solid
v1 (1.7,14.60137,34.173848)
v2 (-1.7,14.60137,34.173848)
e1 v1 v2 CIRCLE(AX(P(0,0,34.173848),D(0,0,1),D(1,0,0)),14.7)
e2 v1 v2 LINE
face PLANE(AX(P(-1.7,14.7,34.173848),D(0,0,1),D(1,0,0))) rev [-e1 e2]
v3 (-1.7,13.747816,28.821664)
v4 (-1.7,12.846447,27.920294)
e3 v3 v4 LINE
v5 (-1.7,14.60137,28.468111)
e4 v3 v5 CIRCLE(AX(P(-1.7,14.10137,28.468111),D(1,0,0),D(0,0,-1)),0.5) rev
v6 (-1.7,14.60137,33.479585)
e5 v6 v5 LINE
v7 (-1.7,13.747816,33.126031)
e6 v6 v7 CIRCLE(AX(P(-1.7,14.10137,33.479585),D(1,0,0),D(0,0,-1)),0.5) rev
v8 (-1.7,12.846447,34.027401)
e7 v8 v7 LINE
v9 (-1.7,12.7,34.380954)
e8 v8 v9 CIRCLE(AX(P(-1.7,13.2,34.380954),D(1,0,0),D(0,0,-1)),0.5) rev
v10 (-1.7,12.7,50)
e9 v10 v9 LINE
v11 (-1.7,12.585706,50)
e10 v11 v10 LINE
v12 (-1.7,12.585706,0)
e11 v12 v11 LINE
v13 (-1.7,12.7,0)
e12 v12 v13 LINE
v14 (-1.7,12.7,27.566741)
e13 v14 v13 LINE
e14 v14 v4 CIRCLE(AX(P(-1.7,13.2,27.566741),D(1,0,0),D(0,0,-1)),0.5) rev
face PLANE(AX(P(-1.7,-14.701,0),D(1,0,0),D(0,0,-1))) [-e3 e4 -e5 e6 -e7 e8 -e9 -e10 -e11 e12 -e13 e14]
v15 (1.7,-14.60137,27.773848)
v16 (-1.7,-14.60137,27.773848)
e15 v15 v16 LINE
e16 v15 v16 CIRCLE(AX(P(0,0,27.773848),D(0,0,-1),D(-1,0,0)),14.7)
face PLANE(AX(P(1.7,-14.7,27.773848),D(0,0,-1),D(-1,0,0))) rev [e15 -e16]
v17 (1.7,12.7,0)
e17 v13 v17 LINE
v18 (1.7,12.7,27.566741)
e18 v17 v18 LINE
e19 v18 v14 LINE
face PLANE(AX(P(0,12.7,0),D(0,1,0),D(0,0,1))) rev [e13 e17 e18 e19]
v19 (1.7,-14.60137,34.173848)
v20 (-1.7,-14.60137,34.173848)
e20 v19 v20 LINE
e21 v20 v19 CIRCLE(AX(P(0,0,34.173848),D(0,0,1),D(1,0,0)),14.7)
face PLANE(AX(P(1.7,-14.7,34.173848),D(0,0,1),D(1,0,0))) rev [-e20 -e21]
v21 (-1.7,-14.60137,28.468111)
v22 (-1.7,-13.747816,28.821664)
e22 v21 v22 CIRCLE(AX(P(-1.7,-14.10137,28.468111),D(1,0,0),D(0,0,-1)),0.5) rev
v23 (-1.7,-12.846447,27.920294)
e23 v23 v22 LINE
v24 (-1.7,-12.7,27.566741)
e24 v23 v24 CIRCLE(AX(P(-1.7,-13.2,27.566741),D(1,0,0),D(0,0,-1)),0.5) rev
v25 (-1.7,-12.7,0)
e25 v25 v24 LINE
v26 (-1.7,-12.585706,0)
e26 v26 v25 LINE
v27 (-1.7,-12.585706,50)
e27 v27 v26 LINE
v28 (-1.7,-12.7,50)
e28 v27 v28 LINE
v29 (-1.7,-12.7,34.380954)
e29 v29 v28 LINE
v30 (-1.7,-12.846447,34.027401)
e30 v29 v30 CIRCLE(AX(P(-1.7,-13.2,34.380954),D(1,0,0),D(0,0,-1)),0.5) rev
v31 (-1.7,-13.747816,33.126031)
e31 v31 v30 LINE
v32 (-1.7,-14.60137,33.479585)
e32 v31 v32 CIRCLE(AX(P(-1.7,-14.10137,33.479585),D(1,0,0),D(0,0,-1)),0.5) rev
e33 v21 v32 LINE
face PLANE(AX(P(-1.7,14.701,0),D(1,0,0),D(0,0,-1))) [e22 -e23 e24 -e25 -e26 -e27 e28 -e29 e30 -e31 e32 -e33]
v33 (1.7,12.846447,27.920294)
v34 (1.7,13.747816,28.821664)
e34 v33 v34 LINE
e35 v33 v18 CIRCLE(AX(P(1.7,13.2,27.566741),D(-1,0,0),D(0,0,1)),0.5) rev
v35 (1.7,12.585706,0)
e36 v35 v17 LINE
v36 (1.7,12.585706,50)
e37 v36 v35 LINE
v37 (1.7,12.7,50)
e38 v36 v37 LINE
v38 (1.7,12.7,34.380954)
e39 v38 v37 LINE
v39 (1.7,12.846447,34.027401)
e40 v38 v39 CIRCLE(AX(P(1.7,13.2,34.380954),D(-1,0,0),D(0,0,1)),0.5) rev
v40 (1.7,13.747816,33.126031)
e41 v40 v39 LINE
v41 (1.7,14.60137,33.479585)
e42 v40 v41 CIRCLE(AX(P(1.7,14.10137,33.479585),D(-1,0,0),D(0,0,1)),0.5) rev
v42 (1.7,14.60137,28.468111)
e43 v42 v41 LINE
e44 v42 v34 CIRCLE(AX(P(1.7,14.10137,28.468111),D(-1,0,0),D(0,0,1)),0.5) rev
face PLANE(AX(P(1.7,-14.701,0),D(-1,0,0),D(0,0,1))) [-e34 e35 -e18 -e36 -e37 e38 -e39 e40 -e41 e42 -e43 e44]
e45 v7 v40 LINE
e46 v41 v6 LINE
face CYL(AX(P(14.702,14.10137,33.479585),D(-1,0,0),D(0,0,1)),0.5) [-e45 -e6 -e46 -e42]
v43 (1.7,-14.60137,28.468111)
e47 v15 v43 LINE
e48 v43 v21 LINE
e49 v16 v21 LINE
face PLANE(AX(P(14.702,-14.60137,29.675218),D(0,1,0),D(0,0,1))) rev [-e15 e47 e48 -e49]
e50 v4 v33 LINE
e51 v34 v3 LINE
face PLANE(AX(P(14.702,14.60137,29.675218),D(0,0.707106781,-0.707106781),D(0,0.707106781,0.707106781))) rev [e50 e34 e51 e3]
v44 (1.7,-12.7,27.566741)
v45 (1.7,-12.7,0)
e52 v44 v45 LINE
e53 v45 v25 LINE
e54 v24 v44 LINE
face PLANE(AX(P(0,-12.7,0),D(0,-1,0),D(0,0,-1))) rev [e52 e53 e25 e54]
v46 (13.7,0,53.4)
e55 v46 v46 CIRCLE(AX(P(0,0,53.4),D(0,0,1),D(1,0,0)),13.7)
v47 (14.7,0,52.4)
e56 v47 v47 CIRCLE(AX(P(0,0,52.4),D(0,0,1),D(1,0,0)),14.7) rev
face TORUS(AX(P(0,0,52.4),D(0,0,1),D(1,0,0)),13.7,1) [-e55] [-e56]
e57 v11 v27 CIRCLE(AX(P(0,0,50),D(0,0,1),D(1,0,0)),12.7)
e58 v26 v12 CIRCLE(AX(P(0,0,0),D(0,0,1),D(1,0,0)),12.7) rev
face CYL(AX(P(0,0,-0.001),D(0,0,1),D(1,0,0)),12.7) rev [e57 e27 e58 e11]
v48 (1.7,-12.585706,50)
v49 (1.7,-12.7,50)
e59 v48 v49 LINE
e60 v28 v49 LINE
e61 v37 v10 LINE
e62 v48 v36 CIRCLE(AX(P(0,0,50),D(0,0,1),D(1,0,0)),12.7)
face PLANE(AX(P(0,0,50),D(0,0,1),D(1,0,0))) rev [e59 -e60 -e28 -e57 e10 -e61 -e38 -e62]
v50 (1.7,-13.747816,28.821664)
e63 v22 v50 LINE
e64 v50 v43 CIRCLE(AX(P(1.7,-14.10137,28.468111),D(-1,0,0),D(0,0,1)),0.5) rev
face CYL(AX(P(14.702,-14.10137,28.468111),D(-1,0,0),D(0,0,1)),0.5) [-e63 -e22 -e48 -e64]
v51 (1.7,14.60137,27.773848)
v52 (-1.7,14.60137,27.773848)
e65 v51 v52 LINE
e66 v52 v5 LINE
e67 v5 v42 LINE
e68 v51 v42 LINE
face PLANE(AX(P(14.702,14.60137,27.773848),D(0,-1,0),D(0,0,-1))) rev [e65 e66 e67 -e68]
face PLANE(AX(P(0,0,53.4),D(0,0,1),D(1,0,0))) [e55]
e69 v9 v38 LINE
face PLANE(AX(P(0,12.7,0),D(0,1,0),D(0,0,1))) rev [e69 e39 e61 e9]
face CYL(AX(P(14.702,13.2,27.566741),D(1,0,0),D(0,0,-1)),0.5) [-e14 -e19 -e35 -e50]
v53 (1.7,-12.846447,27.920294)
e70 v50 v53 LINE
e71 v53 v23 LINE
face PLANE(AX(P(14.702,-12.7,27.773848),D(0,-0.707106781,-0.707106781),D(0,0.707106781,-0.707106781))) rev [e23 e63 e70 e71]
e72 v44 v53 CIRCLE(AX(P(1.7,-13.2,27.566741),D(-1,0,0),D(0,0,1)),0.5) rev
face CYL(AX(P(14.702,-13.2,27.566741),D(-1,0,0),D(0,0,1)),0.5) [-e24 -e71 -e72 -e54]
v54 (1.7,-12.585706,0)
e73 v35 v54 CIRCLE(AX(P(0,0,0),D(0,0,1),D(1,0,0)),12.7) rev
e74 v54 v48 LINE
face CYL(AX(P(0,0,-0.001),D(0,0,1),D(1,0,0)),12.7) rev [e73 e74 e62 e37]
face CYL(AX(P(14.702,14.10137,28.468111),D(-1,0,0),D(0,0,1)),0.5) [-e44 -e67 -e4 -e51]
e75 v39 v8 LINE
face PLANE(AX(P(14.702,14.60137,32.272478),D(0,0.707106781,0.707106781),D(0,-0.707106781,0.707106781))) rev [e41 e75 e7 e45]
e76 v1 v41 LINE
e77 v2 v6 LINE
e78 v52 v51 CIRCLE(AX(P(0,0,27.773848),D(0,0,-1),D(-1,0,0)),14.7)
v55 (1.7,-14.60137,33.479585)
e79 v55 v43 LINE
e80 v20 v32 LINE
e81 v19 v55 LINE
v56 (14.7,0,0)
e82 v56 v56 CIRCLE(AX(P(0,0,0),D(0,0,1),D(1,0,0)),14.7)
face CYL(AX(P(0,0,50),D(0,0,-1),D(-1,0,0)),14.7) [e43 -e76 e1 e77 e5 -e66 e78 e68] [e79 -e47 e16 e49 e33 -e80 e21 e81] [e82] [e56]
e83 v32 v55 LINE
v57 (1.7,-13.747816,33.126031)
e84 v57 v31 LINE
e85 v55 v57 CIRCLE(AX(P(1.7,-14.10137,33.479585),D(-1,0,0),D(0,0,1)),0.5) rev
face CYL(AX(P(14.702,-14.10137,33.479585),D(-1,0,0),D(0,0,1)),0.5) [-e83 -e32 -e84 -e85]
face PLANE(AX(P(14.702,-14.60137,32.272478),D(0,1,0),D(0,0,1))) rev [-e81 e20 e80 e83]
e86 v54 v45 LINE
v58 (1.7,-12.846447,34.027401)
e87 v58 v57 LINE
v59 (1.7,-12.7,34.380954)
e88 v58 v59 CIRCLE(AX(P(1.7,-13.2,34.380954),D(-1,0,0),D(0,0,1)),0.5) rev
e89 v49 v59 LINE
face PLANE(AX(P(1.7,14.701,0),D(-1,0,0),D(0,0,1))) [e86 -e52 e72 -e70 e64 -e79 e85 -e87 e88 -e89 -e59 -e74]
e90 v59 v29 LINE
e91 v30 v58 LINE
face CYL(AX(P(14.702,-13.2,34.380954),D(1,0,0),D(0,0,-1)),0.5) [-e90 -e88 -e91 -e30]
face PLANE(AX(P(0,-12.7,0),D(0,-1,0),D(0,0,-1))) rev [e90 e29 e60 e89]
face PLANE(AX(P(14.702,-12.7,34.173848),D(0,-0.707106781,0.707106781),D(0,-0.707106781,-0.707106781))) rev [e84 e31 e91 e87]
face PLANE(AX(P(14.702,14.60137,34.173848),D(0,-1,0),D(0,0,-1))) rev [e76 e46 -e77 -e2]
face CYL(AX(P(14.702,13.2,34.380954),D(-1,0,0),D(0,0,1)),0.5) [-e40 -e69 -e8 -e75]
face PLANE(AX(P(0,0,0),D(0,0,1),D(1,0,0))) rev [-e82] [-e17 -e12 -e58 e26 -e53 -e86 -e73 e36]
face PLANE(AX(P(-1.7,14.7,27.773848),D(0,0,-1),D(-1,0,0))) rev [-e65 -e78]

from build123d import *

# Parameters (mm, degrees)
SKETCH1_R               = 14.7
BOSS_EXTRUDE1_DEPTH     = 50
CUT_EXTRUDE1_REACH      = 56.15
SKETCH2_R               = 12.7
CUT_EXTRUDE2_REACH      = 60.88
CUT_EXTRUDE2_END_RADIUS = 12.7
SKETCH4_W               = 3.4
SKETCH4_H               = 50
SKETCH5_W               = 3.4
SKETCH5_H               = 6.4
CUT_EXTRUDE3_DEPTH      = 2
BOSS_EXTRUDE2_REACH     = 56.636
SKETCH7_W               = 3.4
SKETCH7_H               = 50
CUT_EXTRUDE4_DEPTH      = 0.114294
SKETCH8_W               = 3.4
SKETCH8_H               = 6.4
CUT_EXTRUDE5_DEPTH      = 2
BOSS_EXTRUDE3_REACH     = 56.636
SKETCH10_R              = 14.7
BOSS_EXTRUDE4_DEPTH     = 3.4
FILLET1_R               = 0.5
FILLET2_R               = 1


with BuildPart() as part:
    # Sketch1 → Boss-Extrude1 (new body)
    with BuildSketch(Plane(origin=(0, 0, 0), x_dir=(0, 1, 0), z_dir=(0, 0, 1))):
        with Locations(Location((0, 0, 0), (0, 0, 270))):
            Circle(SKETCH1_R)
    extrude(amount=BOSS_EXTRUDE1_DEPTH)

    # Sketch2 → Cut-Extrude1 (cut, up to next)
    with BuildSketch(Plane.XY.offset(50), mode=Mode.PRIVATE) as cut_extrude1_sk1:
        Circle(SKETCH2_R)
    cut_extrude1_tool1 = extrude(cut_extrude1_sk1.sketch, amount=-CUT_EXTRUDE1_REACH, mode=Mode.PRIVATE) & part.part
    add(cut_extrude1_tool1.solids().sort_by_distance((0, 0, 50))[0], mode=Mode.SUBTRACT)

    # Cut-Extrude2: up to this cylinder (the profile starts outside it)
    cut_extrude2_end = Plane(origin=(0, 0, 25), z_dir=(0, 0, 1)) * Cylinder(CUT_EXTRUDE2_END_RADIUS, 148.16, mode=Mode.PRIVATE)
    # Sketch4 → Cut-Extrude2 (cut, up to the surface)
    with BuildSketch(Plane(origin=(0, -12.7, 0), x_dir=(-1, 0, 0), z_dir=(0, 1, 0)), mode=Mode.PRIVATE) as cut_extrude2_sk1:
        with Locations((0, 25)):
            Rectangle(SKETCH4_W, SKETCH4_H)
    cut_extrude2_tool1 = extrude(cut_extrude2_sk1.sketch, amount=CUT_EXTRUDE2_REACH, mode=Mode.PRIVATE) - cut_extrude2_end
    add(cut_extrude2_tool1.solids().sort_by_distance((0, -12.7, 25))[0], mode=Mode.SUBTRACT)
    add(cut_extrude2_tool1.solids().sort_by_distance((0, -12.7, 25))[1], mode=Mode.SUBTRACT)

    # Sketch5 → Cut-Extrude3 (cut)
    with BuildSketch(Plane(origin=(0, -12.7, 0), x_dir=(-1, 0, 0), z_dir=(0, 1, 0))):
        with Locations((0, 30.973847717)):
            Rectangle(SKETCH5_W, SKETCH5_H)
    extrude(amount=-CUT_EXTRUDE3_DEPTH, mode=Mode.SUBTRACT)

    # Sketch6 → Boss-Extrude2 (add, up to next)
    with BuildSketch(Plane.YZ.offset(-1.7), mode=Mode.PRIVATE) as boss_extrude2_sk1:
        Polygon((-14.601369799, 27.773847717), (-12.7, 27.773847717), (-14.601369799, 29.675217516), align=None)
    boss_extrude2_tool1 = extrude(boss_extrude2_sk1.sketch, amount=BOSS_EXTRUDE2_REACH, mode=Mode.PRIVATE) - part.part
    # Sketch6 → Boss-Extrude2 (add, up to next)
    with BuildSketch(Plane.YZ.offset(-1.7), mode=Mode.PRIVATE) as boss_extrude2_sk2:
        Polygon((-14.601369799, 34.173847717), (-12.7, 34.173847717), (-14.601369799, 32.272477918), align=None)
    boss_extrude2_tool2 = extrude(boss_extrude2_sk2.sketch, amount=BOSS_EXTRUDE2_REACH, mode=Mode.PRIVATE) - part.part
    add(boss_extrude2_tool1.solids().sort_by_distance((-1.7, -13.96758, 28.407638))[0])
    add(boss_extrude2_tool2.solids().sort_by_distance((-1.7, -13.96758, 33.540058))[0])

    # Sketch7 → Cut-Extrude4 (cut)
    with BuildSketch(Plane.XZ.offset(-12.7)):
        with Locations((0, 25)):
            Rectangle(SKETCH7_W, SKETCH7_H)
    extrude(amount=CUT_EXTRUDE4_DEPTH, mode=Mode.SUBTRACT)

    # Sketch8 → Cut-Extrude5 (cut)
    with BuildSketch(Plane.XZ.offset(-12.7)):
        with Locations((0, 30.973847717)):
            Rectangle(SKETCH8_W, SKETCH8_H)
    extrude(amount=-CUT_EXTRUDE5_DEPTH, mode=Mode.SUBTRACT)

    # Sketch9 → Boss-Extrude3 (add, up to next)
    with BuildSketch(Plane.YZ.offset(-1.7), mode=Mode.PRIVATE) as boss_extrude3_sk1:
        Polygon((14.601369799, 34.173847717), (14.601369799, 32.272477918), (12.7, 34.173847717), align=None)
    boss_extrude3_tool1 = extrude(boss_extrude3_sk1.sketch, amount=BOSS_EXTRUDE3_REACH, mode=Mode.PRIVATE) - part.part
    # Sketch9 → Boss-Extrude3 (add, up to next)
    with BuildSketch(Plane.YZ.offset(-1.7), mode=Mode.PRIVATE) as boss_extrude3_sk2:
        Polygon((14.601369799, 27.773847717), (14.601369799, 29.675217516), (12.7, 27.773847717), align=None)
    boss_extrude3_tool2 = extrude(boss_extrude3_sk2.sketch, amount=BOSS_EXTRUDE3_REACH, mode=Mode.PRIVATE) - part.part
    add(boss_extrude3_tool1.solids().sort_by_distance((-1.7, 13.96758, 33.540058))[0])
    add(boss_extrude3_tool2.solids().sort_by_distance((-1.7, 13.96758, 28.407638))[0])

    # Sketch10 → Boss-Extrude4 (add)
    with BuildSketch(Plane.XY.offset(50)):
        Circle(SKETCH10_R)
    extrude(amount=BOSS_EXTRUDE4_DEPTH)

    # Fillet1
    fillet1_edges = [part.edges().sort_by_distance(p)[0] for p in [
        (0, 12.7, 27.773847717),
        (0, 12.7, 34.173847717),
        (0, 14.601369799, 32.272477918),
        (0, 14.601369799, 29.675217516),
        (0, -12.7, 27.773847717),
        (0, -12.7, 34.173847717),
        (0, -14.601369799, 29.675217516),
        (0, -14.601369799, 32.272477918),
    ]]
    fillet(fillet1_edges, radius=FILLET1_R)

    # Fillet2
    fillet2_edges = [part.edges().sort_by_distance(p)[0] for p in [
        (-14.7, 0, 53.4),
    ]]
    fillet(fillet2_edges, radius=FILLET2_R)


solid = part.part
